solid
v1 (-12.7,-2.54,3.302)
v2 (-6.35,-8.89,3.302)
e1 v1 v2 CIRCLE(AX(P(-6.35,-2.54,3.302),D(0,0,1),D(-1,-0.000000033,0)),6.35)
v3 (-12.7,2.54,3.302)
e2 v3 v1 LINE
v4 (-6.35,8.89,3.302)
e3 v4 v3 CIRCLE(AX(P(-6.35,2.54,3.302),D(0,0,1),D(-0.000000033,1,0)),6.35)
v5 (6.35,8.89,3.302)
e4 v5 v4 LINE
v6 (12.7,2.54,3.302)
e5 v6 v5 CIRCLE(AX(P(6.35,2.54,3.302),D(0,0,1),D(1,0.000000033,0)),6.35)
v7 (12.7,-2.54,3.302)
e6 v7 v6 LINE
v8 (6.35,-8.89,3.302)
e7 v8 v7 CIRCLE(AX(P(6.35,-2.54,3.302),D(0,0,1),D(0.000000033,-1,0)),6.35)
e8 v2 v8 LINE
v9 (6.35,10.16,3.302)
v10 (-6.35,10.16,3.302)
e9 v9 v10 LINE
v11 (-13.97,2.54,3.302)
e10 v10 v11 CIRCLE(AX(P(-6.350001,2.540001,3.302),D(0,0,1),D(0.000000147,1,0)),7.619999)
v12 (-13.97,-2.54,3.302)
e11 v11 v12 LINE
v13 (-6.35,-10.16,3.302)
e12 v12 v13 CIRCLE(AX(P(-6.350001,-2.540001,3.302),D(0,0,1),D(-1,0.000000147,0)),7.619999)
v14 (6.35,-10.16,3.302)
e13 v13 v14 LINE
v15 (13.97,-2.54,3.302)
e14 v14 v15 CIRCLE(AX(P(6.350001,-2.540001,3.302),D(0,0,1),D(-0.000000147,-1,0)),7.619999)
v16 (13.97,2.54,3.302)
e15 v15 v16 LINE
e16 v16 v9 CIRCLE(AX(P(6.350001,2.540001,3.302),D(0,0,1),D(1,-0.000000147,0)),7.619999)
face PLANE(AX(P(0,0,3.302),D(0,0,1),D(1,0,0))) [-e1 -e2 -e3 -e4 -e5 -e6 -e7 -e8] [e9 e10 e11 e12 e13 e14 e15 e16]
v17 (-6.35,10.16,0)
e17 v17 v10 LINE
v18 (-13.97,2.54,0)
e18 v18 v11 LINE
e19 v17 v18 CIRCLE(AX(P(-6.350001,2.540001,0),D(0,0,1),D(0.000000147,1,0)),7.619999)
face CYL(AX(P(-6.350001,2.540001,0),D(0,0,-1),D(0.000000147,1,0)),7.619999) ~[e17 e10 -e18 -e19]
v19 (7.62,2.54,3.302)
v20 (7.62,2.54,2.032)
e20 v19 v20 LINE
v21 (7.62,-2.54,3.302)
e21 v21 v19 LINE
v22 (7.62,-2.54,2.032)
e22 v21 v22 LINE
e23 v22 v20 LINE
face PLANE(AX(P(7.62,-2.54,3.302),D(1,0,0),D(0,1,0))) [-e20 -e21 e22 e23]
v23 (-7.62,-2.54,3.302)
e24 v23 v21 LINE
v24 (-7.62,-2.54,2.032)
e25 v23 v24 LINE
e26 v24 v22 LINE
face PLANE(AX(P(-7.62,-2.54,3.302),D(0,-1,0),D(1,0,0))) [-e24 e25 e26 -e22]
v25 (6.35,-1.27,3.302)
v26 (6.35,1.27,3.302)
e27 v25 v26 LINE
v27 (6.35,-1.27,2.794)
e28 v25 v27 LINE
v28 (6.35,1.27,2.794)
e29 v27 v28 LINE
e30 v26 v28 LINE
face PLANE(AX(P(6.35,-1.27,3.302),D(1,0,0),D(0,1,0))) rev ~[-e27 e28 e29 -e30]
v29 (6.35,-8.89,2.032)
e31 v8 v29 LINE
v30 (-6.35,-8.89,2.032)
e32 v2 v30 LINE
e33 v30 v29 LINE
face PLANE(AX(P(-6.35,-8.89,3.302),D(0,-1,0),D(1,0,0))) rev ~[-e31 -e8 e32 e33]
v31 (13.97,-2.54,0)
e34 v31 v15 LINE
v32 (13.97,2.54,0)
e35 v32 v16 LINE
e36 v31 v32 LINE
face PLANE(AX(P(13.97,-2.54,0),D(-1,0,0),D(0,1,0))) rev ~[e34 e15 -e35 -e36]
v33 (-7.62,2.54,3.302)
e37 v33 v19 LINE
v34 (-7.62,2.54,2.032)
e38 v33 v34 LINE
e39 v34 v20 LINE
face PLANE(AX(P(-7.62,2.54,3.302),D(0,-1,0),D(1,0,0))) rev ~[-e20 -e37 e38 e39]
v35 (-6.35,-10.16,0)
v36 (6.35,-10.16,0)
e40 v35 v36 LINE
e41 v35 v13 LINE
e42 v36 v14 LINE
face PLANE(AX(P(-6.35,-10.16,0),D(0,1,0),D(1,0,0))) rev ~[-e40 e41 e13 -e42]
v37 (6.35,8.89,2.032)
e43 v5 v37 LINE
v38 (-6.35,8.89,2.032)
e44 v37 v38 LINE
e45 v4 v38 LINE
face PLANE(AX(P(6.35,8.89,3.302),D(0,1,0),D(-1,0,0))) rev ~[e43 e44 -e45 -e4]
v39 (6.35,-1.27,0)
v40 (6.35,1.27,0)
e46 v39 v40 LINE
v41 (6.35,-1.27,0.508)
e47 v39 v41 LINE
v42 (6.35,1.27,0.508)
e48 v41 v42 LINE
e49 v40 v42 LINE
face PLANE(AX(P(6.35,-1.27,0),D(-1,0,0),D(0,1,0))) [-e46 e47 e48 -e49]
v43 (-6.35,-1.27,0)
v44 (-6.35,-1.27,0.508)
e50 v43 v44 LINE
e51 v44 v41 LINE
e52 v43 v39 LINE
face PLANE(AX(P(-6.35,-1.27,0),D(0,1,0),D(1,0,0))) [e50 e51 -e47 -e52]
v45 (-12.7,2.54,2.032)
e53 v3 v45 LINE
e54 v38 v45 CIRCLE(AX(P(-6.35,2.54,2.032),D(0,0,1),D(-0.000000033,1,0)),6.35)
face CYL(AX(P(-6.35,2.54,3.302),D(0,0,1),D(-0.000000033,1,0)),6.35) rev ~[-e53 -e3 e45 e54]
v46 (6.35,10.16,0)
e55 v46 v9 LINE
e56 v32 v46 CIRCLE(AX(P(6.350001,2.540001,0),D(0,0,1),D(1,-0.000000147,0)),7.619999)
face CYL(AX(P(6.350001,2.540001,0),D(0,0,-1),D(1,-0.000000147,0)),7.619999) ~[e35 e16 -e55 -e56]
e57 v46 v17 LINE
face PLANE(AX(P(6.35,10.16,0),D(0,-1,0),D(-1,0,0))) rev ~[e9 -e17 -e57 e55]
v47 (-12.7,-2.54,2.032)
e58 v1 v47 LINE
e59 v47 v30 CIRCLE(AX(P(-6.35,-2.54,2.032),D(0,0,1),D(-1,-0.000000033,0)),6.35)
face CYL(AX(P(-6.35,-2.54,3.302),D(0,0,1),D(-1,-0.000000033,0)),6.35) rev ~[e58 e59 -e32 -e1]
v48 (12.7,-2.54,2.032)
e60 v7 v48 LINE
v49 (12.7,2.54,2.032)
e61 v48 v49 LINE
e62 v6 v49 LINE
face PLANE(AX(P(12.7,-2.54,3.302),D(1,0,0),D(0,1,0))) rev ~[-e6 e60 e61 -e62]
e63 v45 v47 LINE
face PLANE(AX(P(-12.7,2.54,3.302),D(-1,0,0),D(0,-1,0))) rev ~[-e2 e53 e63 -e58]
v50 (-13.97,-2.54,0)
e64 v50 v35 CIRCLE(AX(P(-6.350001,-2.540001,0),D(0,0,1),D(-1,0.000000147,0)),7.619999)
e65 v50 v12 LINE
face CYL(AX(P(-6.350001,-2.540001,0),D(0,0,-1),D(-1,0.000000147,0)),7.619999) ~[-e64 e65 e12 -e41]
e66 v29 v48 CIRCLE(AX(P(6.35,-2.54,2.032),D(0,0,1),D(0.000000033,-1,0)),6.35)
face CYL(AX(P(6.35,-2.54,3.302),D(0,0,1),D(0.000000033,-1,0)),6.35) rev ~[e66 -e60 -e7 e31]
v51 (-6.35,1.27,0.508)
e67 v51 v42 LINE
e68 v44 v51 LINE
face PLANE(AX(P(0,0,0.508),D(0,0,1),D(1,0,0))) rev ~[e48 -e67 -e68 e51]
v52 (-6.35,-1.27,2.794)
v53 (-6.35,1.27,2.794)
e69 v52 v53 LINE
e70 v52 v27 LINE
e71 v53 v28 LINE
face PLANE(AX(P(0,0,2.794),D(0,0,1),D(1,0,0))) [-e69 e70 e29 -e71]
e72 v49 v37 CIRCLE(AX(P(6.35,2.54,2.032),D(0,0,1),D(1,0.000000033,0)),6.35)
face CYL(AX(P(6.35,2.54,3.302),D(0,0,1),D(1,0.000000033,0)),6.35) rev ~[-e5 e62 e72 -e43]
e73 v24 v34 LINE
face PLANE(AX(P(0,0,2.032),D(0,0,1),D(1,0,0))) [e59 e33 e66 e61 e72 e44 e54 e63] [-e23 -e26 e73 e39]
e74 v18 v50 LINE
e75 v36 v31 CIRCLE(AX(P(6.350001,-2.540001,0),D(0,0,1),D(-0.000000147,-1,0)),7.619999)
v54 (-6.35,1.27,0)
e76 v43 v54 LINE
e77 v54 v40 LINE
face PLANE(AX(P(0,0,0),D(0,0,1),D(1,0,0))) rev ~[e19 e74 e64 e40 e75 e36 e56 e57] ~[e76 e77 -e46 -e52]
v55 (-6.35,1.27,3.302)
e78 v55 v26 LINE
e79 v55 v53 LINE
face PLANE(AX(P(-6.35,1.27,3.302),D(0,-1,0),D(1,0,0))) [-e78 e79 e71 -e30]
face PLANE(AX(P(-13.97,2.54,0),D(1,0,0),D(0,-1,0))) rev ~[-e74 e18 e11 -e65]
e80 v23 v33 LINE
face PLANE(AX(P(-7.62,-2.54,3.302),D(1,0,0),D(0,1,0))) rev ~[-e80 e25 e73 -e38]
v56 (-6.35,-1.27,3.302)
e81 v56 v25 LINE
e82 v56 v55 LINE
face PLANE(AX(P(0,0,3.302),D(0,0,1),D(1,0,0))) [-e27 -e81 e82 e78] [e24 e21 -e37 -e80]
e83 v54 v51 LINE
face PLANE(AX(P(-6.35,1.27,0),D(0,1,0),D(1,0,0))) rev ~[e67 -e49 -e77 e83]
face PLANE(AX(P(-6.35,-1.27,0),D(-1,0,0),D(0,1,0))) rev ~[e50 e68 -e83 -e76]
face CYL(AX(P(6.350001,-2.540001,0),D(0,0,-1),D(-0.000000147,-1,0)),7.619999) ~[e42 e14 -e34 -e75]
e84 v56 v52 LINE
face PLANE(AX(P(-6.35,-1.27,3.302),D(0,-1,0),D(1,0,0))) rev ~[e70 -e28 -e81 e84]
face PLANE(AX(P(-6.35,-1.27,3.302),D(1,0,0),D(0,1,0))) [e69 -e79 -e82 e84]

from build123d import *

# Parameters (mm, degrees)
F0_W     = 12.7
F0_H     = 2.54
F1_DEPTH = 3.302
F2_W     = 15.24
F2_H     = 5.08
F3_DEPTH = 1.27
F2_W_2   = 12.7
F2_H_2   = 2.54
F4_DEPTH = 0.508
F5_DEPTH = 0.508


with BuildPart() as f1:
    # F0 (on Top) → F1 (new body)
    with BuildSketch(Plane.XY):
        with BuildLine():
            Line((-6.35, -10.16), (6.35, -10.16))
            ThreePointArc((6.35, -10.16), (11.738154, -7.928154), (13.97, -2.54))
            Line((13.97, -2.54), (13.97, 2.54))
            ThreePointArc((13.97, 2.54), (11.738154, 7.928154), (6.35, 10.16))
            Line((6.35, 10.16), (-6.35, 10.16))
            ThreePointArc((-6.35, 10.16), (-11.738154, 7.928154), (-13.97, 2.54))
            Line((-13.97, 2.54), (-13.97, -2.54))
            ThreePointArc((-13.97, -2.54), (-11.738154, -7.928154), (-6.35, -10.16))
        make_face()
        Rectangle(F0_W, F0_H, mode=Mode.SUBTRACT)
        Rectangle(F0_W, F0_H)
    extrude(amount=F1_DEPTH)

    # F2 (on face) → F3 (cut)
    with BuildSketch(Plane.XY.offset(3.302)):
        with BuildLine():
            Line((-6.35, -8.89), (6.35, -8.89))
            ThreePointArc((6.35, -8.89), (10.840128, -7.030128), (12.7, -2.54))
            Line((12.7, -2.54), (12.7, 2.54))
            ThreePointArc((12.7, 2.54), (10.840128, 7.030128), (6.35, 8.89))
            Line((6.35, 8.89), (-6.35, 8.89))
            ThreePointArc((-6.35, 8.89), (-10.840128, 7.030128), (-12.7, 2.54))
            Line((-12.7, 2.54), (-12.7, -2.54))
            ThreePointArc((-12.7, -2.54), (-10.840128, -7.030128), (-6.35, -8.89))
        make_face()
        Rectangle(F2_W, F2_H, mode=Mode.SUBTRACT)
    extrude(amount=-F3_DEPTH, mode=Mode.SUBTRACT)

    # F2 (on face) → F4 (cut)
    with BuildSketch(Plane.XY.offset(3.302)):
        Rectangle(F2_W_2, F2_H_2)
    extrude(amount=-F4_DEPTH, mode=Mode.SUBTRACT)

    # F0 (on Top) → F5 (cut)
    with BuildSketch(Plane.XY):
        Rectangle(F0_W, F0_H)
    extrude(amount=F5_DEPTH, mode=Mode.SUBTRACT)


solid = f1.part
